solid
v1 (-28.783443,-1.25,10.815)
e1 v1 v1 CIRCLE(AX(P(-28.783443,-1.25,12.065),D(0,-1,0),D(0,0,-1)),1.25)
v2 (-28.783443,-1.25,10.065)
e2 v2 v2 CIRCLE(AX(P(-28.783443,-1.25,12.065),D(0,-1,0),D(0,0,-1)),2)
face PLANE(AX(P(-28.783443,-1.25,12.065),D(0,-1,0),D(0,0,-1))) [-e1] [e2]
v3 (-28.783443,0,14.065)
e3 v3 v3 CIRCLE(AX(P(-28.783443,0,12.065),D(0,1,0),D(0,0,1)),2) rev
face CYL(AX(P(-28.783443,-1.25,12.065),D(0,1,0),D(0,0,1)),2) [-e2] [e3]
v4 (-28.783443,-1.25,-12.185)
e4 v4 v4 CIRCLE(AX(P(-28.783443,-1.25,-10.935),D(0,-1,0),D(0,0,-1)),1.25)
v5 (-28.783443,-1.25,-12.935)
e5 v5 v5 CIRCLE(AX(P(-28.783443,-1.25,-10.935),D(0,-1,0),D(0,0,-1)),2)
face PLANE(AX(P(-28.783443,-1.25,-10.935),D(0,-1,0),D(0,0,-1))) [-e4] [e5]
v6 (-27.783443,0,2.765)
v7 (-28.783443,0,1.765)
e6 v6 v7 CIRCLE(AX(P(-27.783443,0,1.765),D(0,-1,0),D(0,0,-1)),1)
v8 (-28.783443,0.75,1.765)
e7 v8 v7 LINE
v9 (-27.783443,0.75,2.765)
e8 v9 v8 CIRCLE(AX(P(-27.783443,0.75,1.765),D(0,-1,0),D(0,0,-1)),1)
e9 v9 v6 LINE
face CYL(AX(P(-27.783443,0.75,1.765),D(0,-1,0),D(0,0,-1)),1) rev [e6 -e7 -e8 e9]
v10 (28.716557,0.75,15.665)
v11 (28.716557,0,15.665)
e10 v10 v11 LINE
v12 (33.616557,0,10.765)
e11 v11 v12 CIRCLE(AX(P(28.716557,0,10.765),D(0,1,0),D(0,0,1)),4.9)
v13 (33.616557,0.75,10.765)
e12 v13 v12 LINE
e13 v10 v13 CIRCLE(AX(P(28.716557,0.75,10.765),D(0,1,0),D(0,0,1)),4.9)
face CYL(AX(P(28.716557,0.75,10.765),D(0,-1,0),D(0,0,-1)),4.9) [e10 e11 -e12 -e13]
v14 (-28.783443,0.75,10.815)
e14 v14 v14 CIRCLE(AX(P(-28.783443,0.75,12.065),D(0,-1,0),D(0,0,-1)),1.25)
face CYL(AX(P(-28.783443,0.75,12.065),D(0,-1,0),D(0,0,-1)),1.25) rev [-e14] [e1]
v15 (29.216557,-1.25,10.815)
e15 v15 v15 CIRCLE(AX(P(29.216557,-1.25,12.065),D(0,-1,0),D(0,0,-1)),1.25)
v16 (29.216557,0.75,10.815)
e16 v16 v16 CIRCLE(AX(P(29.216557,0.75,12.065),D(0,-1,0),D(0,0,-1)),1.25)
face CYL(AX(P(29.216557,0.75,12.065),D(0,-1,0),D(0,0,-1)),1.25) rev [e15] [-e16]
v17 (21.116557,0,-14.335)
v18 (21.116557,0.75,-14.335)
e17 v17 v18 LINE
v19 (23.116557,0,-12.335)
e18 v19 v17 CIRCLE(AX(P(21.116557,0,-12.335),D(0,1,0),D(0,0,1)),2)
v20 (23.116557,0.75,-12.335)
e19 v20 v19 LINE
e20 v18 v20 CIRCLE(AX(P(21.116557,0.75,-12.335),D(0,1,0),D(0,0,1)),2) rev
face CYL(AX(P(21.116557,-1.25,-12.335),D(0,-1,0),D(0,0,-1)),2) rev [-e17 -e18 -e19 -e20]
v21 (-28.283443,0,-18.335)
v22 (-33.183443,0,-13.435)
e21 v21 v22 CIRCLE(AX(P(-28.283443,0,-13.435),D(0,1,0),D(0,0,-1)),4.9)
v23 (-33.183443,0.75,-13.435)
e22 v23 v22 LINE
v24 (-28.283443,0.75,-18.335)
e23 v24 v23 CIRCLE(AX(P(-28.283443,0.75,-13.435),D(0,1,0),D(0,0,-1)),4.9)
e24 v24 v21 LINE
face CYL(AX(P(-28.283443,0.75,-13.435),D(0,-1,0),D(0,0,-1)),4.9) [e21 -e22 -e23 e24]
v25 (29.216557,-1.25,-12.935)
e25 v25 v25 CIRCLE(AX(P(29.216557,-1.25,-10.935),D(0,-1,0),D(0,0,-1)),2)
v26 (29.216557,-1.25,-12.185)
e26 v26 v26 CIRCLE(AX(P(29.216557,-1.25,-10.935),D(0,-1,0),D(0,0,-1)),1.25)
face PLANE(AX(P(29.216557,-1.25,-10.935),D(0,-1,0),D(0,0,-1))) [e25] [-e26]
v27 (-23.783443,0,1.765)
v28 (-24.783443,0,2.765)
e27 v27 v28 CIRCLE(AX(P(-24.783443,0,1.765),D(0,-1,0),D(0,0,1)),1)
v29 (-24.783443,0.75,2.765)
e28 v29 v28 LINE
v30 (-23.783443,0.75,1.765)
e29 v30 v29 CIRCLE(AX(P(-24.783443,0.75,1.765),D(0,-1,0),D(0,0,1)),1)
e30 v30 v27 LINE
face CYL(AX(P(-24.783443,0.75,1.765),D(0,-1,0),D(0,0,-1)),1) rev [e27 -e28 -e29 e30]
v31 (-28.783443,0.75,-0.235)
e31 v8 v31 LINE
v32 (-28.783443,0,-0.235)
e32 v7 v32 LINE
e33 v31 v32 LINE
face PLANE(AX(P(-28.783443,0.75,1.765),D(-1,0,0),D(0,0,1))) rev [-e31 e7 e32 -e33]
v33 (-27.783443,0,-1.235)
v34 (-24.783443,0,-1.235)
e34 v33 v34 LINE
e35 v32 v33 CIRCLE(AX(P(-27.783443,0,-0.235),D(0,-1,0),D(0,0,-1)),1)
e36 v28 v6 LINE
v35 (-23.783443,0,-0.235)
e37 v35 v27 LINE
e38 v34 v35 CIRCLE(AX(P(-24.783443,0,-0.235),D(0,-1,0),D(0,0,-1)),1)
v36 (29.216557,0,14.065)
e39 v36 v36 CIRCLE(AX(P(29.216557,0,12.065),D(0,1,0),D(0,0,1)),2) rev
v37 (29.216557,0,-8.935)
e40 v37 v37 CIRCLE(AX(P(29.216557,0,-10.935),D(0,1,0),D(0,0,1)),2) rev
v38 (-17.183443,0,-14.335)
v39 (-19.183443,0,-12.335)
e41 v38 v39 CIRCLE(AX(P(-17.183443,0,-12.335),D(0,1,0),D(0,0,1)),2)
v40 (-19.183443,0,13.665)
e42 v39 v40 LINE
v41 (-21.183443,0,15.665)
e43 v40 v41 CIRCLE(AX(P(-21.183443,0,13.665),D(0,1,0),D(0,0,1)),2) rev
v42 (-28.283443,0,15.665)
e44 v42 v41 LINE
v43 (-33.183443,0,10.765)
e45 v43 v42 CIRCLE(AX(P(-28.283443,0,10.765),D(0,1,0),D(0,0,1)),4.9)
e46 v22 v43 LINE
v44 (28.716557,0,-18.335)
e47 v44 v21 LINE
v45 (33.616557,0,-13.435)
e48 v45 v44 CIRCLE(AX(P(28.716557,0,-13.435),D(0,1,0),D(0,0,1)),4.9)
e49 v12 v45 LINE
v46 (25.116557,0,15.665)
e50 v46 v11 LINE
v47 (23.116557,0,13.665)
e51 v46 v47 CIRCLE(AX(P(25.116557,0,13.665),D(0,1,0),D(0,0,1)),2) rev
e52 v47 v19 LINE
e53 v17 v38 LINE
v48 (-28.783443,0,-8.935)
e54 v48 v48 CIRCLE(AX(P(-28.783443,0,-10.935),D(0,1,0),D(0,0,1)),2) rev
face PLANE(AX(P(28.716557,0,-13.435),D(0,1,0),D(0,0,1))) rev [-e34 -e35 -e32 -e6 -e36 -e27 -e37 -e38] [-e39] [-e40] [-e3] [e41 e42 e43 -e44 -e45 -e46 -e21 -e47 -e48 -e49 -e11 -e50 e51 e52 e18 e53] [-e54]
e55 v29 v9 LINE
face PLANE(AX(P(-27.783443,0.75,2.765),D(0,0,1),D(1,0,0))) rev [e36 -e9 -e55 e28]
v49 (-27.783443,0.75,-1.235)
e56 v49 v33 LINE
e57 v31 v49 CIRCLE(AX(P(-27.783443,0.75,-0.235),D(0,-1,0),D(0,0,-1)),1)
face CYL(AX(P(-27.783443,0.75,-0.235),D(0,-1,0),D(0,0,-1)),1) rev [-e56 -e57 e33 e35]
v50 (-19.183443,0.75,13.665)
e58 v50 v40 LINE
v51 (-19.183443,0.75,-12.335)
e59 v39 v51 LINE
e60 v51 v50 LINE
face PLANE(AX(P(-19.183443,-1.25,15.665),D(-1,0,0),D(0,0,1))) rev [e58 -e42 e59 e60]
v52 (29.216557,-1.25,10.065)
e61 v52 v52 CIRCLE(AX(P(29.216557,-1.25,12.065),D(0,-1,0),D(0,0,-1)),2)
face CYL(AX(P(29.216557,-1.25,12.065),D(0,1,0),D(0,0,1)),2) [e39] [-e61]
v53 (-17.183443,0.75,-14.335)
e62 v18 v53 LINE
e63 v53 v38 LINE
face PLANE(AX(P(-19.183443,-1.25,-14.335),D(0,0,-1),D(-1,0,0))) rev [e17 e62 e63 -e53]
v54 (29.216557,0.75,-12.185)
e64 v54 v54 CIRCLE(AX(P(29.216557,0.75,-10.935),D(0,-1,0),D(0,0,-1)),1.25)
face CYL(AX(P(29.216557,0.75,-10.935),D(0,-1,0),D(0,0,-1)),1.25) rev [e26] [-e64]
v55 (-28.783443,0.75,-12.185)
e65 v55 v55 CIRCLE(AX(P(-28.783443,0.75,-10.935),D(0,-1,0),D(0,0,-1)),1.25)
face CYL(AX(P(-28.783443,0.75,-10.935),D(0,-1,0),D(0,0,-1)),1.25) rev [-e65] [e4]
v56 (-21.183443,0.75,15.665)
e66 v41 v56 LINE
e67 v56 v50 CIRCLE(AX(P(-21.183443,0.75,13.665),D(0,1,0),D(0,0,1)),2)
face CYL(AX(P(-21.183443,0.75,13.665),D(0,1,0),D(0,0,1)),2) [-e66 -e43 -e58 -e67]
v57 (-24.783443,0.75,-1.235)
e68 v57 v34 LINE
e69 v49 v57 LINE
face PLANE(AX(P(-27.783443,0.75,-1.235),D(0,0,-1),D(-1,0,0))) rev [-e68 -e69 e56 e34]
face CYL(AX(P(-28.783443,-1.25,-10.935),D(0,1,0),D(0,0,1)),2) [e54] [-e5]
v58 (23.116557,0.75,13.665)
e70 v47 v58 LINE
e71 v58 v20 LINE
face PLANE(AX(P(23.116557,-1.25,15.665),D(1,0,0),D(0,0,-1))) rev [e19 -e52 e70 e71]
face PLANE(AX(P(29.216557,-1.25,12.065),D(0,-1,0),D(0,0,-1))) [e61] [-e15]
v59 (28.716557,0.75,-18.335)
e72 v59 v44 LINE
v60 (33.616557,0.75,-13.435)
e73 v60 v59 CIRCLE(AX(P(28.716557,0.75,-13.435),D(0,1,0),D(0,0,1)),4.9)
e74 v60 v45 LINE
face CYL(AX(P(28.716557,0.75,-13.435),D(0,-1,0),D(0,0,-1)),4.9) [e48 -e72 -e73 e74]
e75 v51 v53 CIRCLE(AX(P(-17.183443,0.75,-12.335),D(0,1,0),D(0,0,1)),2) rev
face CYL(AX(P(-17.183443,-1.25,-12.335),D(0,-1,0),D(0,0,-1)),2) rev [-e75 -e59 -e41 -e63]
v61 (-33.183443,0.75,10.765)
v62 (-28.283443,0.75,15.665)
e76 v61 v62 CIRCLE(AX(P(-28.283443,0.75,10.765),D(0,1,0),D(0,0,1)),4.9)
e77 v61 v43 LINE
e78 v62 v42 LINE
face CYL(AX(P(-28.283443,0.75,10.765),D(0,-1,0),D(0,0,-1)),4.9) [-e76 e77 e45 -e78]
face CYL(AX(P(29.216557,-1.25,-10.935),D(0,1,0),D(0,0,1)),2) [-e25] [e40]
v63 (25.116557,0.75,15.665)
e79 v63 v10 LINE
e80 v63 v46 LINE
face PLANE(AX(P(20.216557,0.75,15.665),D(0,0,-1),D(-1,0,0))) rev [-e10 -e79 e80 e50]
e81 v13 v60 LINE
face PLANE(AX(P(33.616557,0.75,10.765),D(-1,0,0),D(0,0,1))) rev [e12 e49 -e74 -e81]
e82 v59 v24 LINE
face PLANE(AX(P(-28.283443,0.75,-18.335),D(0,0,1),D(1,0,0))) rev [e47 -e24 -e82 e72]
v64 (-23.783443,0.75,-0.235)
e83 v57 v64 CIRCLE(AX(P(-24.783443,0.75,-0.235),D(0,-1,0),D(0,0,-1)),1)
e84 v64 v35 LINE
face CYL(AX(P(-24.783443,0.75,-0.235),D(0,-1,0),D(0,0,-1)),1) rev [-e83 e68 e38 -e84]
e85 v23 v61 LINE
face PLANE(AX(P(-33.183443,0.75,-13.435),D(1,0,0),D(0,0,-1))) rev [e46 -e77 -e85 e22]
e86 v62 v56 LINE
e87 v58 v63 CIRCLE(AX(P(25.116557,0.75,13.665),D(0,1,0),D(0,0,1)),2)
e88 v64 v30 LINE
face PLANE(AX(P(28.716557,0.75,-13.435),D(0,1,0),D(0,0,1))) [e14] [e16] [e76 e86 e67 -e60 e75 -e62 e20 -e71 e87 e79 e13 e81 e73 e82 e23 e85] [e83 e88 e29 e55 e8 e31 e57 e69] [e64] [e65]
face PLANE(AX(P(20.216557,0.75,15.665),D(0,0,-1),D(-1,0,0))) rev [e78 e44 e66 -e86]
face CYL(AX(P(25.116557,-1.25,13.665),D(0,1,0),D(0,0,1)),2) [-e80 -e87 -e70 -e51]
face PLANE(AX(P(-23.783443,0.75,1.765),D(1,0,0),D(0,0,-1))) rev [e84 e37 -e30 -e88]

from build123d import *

# Parameters (mm, degrees)
EXTRUDE_1_DEPTH     = 0.75
SKETCH_2_R          = 2
EXTRUDE_2_DEPTH     = 1.25
SKETCH_3_R          = 1.25
CUT_EXTRUDE_1_DEPTH = 3
SKETCH_4_W          = 42.3
SKETCH_4_H          = 30
CUT_EXTRUDE_2_DEPTH = 3
FILLET_1_R          = 2
CUT_EXTRUDE_3_DEPTH = 1.75


with BuildPart() as part:
    # 草图1 → 凸台-拉伸1 (new body)
    with BuildSketch(Plane(origin=(0, 0, 0), x_dir=(1, 0, 0), z_dir=(0, 1, 0))):
        with BuildLine():
            Line((-28.283443195, 18.335), (28.716556805, 18.335))
            ThreePointArc((28.716556805, 18.335), (32.181380033, 16.899823228), (33.616556805, 13.435))
            Line((33.616556805, 13.435), (33.616556805, -10.765))
            ThreePointArc((33.616556805, -10.765), (32.181380033, -14.229823228), (28.716556805, -15.665))
            Line((28.716556805, -15.665), (20.216556805, -15.665))
            Line((20.216556805, -15.665), (-19.783443195, -15.665))
            Line((-19.783443195, -15.665), (-28.283443195, -15.665))
            ThreePointArc((-28.283443195, -15.665), (-31.748266423, -14.229823228), (-33.183443195, -10.765))
            Line((-33.183443195, -10.765), (-33.183443195, 13.435))
            ThreePointArc((-33.183443195, 13.435), (-31.748266423, 16.899823228), (-28.283443195, 18.335))
        make_face()
    extrude(amount=EXTRUDE_1_DEPTH)

    # 草图2 → 凸台-拉伸2 (add)
    with BuildSketch(Plane.XZ):
        with Locations((-28.783443195, 12.065)):
            Circle(SKETCH_2_R)
        with Locations((-28.783443195, -10.935)):
            Circle(SKETCH_2_R)
        with Locations((29.216556805, 12.065)):
            Circle(SKETCH_2_R)
        with Locations((29.216556805, -10.935)):
            Circle(SKETCH_2_R)
    extrude(amount=EXTRUDE_2_DEPTH)

    # 草图3 → 切除-拉伸1 (cut, through all)
    with BuildSketch(Plane.XZ.offset(1.25)):
        with Locations((-28.783443195, 12.065)):
            Circle(SKETCH_3_R)
        with Locations((-28.783443195, -10.935)):
            Circle(SKETCH_3_R)
        with Locations((29.216556805, -10.935)):
            Circle(SKETCH_3_R)
        with Locations((29.216556805, 12.065)):
            Circle(SKETCH_3_R)
    extrude(amount=-CUT_EXTRUDE_1_DEPTH, mode=Mode.SUBTRACT)

    # 草图4 → 切除-拉伸2 (cut, through all)
    with BuildSketch(Plane(origin=(0, 0.75, 0), x_dir=(1, 0, 0), z_dir=(0, 1, 0))):
        with Locations((1.966556805, -0.665)):
            Rectangle(SKETCH_4_W, SKETCH_4_H)
    extrude(amount=-CUT_EXTRUDE_2_DEPTH, mode=Mode.SUBTRACT)

    # 圆角1
    fillet_1_edges = [part.edges().sort_by_distance(p)[0] for p in [
        (-19.183443195, 0.375, 15.665),
        (-19.183443195, 0.375, -14.335),
        (23.116556805, 0.375, -14.335),
        (23.116556805, 0.375, 15.665),
    ]]
    fillet(fillet_1_edges, radius=FILLET_1_R)

    # 草图6 → 切除-拉伸3 (cut, through all)
    with BuildSketch(Plane.XZ):
        with BuildLine():
            Line((-27.783443195, 2.765), (-24.783443195, 2.765))
            ThreePointArc((-24.783443195, 2.765), (-24.076336414, 2.472106781), (-23.783443195, 1.765))
            Line((-23.783443195, 1.765), (-23.783443195, -0.235))
            ThreePointArc((-23.783443195, -0.235), (-24.076336414, -0.942106781), (-24.783443195, -1.235))
            Line((-24.783443195, -1.235), (-27.783443195, -1.235))
            ThreePointArc((-27.783443195, -1.235), (-28.490549976, -0.942106781), (-28.783443195, -0.235))
            Line((-28.783443195, -0.235), (-28.783443195, 1.765))
            ThreePointArc((-28.783443195, 1.765), (-28.490549976, 2.472106781), (-27.783443195, 2.765))
        make_face()
    extrude(amount=-CUT_EXTRUDE_3_DEPTH, mode=Mode.SUBTRACT)


solid = part.part
